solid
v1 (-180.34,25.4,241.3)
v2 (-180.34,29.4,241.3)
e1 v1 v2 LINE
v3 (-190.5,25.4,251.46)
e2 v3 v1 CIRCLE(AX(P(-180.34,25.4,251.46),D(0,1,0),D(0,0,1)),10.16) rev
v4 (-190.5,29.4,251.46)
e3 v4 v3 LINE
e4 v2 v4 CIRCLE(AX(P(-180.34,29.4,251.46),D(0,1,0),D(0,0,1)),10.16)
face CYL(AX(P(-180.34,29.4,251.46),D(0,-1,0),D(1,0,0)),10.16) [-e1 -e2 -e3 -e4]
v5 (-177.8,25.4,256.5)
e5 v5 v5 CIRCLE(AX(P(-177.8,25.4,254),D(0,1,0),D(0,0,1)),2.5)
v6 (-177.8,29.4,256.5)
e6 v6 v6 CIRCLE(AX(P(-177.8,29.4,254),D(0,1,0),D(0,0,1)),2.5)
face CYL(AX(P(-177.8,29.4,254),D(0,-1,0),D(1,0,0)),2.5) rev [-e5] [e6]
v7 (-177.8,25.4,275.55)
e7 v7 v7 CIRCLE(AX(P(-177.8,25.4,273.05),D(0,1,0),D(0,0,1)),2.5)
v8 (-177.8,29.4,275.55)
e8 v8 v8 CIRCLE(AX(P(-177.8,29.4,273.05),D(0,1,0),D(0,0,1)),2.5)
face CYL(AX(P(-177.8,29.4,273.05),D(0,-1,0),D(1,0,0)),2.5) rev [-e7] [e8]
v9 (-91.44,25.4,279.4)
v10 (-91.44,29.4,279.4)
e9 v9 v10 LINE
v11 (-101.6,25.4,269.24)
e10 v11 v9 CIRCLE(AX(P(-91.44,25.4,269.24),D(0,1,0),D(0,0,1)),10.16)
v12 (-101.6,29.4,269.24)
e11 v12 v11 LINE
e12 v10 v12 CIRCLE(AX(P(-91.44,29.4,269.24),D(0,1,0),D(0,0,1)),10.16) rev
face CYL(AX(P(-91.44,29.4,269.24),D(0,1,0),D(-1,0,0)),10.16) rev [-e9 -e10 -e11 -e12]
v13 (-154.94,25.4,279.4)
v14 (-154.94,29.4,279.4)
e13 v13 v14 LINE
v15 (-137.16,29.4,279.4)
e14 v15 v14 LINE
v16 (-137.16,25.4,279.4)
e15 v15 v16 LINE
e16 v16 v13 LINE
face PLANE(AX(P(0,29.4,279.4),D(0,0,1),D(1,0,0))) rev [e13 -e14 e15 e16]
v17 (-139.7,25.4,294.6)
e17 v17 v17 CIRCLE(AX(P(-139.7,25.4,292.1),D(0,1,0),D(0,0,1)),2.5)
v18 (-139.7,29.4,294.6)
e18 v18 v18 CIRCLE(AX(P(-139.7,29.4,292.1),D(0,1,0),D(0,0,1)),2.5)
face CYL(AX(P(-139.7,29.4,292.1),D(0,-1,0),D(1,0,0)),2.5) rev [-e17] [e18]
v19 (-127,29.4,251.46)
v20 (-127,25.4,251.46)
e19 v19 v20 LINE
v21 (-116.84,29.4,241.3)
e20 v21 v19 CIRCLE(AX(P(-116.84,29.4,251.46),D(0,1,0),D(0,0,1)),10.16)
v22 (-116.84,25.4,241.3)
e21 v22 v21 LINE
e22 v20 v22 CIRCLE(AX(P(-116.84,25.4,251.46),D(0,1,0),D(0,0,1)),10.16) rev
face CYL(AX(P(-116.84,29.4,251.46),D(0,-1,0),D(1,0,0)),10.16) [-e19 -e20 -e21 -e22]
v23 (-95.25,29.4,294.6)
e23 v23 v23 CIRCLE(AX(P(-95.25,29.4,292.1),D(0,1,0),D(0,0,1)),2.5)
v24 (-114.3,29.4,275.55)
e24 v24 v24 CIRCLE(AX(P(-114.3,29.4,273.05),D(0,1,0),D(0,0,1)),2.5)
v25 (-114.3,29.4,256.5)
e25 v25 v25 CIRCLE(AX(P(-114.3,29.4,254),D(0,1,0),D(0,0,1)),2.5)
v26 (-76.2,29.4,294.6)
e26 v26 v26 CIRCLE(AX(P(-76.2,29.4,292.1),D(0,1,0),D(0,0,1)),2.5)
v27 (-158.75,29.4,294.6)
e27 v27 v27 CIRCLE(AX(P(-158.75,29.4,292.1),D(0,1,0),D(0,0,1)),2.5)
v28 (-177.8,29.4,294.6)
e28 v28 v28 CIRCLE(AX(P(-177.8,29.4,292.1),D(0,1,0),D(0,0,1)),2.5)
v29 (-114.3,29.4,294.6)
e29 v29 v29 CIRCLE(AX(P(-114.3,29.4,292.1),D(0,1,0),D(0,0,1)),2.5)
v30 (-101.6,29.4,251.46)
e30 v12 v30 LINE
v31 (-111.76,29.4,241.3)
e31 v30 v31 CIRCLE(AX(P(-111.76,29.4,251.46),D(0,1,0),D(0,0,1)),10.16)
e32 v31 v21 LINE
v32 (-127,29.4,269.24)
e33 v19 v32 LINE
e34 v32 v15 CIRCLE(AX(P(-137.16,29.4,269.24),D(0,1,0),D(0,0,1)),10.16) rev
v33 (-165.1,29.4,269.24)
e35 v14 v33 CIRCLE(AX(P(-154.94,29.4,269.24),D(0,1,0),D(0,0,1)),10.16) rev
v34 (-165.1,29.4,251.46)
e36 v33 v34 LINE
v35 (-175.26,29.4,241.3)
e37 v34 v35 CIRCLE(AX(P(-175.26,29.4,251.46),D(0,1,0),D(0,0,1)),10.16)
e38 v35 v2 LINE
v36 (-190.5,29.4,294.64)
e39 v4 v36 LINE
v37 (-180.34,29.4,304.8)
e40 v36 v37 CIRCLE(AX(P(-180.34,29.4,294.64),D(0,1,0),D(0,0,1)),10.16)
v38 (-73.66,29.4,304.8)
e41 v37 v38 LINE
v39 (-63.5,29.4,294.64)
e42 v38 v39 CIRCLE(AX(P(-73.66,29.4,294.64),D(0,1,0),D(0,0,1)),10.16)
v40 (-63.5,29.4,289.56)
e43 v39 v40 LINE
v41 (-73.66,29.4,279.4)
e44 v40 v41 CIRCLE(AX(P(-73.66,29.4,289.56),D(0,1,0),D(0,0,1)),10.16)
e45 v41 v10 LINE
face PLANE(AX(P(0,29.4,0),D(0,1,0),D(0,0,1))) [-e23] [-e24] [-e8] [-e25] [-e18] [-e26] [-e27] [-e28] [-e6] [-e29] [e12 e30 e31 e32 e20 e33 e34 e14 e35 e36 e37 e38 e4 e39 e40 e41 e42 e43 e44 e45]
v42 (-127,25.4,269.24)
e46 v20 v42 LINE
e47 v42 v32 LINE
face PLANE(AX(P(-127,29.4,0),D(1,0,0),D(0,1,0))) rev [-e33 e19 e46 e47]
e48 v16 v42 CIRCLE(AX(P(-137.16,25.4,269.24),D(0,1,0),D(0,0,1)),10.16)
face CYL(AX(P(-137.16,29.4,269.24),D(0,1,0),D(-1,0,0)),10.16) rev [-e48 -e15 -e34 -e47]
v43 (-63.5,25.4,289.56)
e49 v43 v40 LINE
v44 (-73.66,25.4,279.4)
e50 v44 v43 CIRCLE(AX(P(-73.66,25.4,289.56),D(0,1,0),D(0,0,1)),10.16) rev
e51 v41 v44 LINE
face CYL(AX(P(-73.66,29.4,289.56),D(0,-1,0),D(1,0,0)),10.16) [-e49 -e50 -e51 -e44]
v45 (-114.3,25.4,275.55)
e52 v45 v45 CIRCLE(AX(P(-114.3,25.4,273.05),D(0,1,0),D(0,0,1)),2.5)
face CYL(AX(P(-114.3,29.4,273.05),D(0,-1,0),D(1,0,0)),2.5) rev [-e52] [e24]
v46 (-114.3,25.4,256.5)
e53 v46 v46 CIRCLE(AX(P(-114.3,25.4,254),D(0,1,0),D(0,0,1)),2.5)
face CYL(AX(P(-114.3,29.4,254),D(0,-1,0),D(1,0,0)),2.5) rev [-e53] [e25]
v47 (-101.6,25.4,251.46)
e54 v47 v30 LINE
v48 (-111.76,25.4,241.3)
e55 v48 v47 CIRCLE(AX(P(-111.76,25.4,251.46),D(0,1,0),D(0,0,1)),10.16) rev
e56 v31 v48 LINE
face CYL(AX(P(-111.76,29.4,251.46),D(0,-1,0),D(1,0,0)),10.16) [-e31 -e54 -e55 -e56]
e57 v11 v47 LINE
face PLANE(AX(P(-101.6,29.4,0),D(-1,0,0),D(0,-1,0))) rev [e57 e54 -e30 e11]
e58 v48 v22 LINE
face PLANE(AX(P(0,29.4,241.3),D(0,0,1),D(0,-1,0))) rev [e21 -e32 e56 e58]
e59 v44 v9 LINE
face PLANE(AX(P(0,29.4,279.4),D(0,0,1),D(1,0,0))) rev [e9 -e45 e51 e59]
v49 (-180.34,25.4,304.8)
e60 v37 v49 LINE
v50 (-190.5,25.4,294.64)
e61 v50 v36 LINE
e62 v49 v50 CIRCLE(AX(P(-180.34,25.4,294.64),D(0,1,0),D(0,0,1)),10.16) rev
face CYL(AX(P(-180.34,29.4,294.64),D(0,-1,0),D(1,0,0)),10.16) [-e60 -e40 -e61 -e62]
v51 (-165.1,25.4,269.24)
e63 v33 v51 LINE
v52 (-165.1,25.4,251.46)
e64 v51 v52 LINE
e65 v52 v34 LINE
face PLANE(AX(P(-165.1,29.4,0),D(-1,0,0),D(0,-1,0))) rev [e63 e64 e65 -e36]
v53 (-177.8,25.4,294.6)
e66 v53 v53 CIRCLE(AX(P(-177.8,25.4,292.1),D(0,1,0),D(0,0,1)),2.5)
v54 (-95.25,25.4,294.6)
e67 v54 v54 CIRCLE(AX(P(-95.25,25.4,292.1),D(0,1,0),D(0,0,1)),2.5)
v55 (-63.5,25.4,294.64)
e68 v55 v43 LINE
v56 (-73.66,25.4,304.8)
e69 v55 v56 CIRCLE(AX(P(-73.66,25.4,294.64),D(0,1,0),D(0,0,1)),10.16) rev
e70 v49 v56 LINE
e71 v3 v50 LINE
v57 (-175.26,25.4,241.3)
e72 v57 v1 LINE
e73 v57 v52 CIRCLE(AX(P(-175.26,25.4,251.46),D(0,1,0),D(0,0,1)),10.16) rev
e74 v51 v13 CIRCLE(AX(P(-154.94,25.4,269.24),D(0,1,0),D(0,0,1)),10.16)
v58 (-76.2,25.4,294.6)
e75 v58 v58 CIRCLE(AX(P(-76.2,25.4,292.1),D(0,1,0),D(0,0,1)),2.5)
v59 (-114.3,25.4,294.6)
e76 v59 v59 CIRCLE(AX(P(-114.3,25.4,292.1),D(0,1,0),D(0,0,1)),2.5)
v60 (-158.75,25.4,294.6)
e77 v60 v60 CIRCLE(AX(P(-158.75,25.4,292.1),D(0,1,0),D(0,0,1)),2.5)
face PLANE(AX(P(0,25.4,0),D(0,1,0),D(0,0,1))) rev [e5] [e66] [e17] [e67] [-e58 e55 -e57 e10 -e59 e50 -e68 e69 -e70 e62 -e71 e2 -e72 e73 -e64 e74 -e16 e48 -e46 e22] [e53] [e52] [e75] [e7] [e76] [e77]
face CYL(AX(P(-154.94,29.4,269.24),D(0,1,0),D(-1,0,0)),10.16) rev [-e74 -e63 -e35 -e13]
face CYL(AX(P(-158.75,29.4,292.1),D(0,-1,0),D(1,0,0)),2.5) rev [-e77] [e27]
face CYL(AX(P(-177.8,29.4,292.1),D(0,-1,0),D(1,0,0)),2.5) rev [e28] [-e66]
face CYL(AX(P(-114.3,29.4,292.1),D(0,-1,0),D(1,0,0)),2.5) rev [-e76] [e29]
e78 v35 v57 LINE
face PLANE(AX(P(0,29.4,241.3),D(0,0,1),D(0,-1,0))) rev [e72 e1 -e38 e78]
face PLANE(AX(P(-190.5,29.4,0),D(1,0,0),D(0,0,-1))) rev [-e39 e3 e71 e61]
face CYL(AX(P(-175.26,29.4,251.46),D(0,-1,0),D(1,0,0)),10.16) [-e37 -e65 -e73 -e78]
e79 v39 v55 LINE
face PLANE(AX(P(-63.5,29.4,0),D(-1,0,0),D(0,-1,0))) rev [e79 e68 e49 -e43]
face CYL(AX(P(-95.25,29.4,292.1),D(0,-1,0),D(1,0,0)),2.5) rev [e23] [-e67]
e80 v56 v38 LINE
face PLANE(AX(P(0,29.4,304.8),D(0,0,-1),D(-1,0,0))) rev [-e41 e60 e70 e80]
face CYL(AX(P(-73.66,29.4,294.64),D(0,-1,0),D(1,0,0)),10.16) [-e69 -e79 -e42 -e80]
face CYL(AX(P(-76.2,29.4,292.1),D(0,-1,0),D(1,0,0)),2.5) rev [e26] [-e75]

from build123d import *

# Parameters (mm, degrees)
SKETCH1_R           = 2.5
BOSS_EXTRUDE1_DEPTH = 4
FILLET1_R           = 10.16


with BuildPart() as part:
    # Sketch1 → Boss-Extrude1 (new body)
    with BuildSketch(Plane(origin=(0, 25.4, 0), x_dir=(1, 0, 0), z_dir=(0, 1, 0))):
        Polygon((-190.5, -241.3), (-190.5, -279.4), (-190.5, -304.8), (-63.5, -304.8), (-63.5, -279.4), (-101.6, -279.4), (-101.6, -241.3), (-127, -241.3), (-127, -279.4), (-165.1, -279.4), (-165.1, -241.3), align=None)
        with Locations((-114.3, -292.1)):
            Circle(SKETCH1_R, mode=Mode.SUBTRACT)
        with Locations((-177.8, -292.1)):
            Circle(SKETCH1_R, mode=Mode.SUBTRACT)
        with Locations((-158.75, -292.1)):
            Circle(SKETCH1_R, mode=Mode.SUBTRACT)
        with Locations((-95.25, -292.1)):
            Circle(SKETCH1_R, mode=Mode.SUBTRACT)
        with Locations((-139.7, -292.1)):
            Circle(SKETCH1_R, mode=Mode.SUBTRACT)
        with Locations((-76.2, -292.1)):
            Circle(SKETCH1_R, mode=Mode.SUBTRACT)
        with Locations((-114.3, -273.05)):
            Circle(SKETCH1_R, mode=Mode.SUBTRACT)
        with Locations((-177.8, -273.05)):
            Circle(SKETCH1_R, mode=Mode.SUBTRACT)
        with Locations((-114.3, -254)):
            Circle(SKETCH1_R, mode=Mode.SUBTRACT)
        with Locations((-177.8, -254)):
            Circle(SKETCH1_R, mode=Mode.SUBTRACT)
    extrude(amount=BOSS_EXTRUDE1_DEPTH)

    # Fillet1
    fillet1_edges = [part.edges().sort_by_distance(p)[0] for p in [
        (-190.5, 27.4, 304.8),
        (-190.5, 27.4, 241.3),
        (-165.1, 27.4, 241.3),
        (-165.1, 27.4, 279.4),
        (-127, 27.4, 279.4),
        (-127, 27.4, 241.3),
        (-101.6, 27.4, 241.3),
        (-101.6, 27.4, 279.4),
        (-63.5, 27.4, 279.4),
        (-63.5, 27.4, 304.8),
    ]]
    fillet(fillet1_edges, radius=FILLET1_R)


solid = part.part
